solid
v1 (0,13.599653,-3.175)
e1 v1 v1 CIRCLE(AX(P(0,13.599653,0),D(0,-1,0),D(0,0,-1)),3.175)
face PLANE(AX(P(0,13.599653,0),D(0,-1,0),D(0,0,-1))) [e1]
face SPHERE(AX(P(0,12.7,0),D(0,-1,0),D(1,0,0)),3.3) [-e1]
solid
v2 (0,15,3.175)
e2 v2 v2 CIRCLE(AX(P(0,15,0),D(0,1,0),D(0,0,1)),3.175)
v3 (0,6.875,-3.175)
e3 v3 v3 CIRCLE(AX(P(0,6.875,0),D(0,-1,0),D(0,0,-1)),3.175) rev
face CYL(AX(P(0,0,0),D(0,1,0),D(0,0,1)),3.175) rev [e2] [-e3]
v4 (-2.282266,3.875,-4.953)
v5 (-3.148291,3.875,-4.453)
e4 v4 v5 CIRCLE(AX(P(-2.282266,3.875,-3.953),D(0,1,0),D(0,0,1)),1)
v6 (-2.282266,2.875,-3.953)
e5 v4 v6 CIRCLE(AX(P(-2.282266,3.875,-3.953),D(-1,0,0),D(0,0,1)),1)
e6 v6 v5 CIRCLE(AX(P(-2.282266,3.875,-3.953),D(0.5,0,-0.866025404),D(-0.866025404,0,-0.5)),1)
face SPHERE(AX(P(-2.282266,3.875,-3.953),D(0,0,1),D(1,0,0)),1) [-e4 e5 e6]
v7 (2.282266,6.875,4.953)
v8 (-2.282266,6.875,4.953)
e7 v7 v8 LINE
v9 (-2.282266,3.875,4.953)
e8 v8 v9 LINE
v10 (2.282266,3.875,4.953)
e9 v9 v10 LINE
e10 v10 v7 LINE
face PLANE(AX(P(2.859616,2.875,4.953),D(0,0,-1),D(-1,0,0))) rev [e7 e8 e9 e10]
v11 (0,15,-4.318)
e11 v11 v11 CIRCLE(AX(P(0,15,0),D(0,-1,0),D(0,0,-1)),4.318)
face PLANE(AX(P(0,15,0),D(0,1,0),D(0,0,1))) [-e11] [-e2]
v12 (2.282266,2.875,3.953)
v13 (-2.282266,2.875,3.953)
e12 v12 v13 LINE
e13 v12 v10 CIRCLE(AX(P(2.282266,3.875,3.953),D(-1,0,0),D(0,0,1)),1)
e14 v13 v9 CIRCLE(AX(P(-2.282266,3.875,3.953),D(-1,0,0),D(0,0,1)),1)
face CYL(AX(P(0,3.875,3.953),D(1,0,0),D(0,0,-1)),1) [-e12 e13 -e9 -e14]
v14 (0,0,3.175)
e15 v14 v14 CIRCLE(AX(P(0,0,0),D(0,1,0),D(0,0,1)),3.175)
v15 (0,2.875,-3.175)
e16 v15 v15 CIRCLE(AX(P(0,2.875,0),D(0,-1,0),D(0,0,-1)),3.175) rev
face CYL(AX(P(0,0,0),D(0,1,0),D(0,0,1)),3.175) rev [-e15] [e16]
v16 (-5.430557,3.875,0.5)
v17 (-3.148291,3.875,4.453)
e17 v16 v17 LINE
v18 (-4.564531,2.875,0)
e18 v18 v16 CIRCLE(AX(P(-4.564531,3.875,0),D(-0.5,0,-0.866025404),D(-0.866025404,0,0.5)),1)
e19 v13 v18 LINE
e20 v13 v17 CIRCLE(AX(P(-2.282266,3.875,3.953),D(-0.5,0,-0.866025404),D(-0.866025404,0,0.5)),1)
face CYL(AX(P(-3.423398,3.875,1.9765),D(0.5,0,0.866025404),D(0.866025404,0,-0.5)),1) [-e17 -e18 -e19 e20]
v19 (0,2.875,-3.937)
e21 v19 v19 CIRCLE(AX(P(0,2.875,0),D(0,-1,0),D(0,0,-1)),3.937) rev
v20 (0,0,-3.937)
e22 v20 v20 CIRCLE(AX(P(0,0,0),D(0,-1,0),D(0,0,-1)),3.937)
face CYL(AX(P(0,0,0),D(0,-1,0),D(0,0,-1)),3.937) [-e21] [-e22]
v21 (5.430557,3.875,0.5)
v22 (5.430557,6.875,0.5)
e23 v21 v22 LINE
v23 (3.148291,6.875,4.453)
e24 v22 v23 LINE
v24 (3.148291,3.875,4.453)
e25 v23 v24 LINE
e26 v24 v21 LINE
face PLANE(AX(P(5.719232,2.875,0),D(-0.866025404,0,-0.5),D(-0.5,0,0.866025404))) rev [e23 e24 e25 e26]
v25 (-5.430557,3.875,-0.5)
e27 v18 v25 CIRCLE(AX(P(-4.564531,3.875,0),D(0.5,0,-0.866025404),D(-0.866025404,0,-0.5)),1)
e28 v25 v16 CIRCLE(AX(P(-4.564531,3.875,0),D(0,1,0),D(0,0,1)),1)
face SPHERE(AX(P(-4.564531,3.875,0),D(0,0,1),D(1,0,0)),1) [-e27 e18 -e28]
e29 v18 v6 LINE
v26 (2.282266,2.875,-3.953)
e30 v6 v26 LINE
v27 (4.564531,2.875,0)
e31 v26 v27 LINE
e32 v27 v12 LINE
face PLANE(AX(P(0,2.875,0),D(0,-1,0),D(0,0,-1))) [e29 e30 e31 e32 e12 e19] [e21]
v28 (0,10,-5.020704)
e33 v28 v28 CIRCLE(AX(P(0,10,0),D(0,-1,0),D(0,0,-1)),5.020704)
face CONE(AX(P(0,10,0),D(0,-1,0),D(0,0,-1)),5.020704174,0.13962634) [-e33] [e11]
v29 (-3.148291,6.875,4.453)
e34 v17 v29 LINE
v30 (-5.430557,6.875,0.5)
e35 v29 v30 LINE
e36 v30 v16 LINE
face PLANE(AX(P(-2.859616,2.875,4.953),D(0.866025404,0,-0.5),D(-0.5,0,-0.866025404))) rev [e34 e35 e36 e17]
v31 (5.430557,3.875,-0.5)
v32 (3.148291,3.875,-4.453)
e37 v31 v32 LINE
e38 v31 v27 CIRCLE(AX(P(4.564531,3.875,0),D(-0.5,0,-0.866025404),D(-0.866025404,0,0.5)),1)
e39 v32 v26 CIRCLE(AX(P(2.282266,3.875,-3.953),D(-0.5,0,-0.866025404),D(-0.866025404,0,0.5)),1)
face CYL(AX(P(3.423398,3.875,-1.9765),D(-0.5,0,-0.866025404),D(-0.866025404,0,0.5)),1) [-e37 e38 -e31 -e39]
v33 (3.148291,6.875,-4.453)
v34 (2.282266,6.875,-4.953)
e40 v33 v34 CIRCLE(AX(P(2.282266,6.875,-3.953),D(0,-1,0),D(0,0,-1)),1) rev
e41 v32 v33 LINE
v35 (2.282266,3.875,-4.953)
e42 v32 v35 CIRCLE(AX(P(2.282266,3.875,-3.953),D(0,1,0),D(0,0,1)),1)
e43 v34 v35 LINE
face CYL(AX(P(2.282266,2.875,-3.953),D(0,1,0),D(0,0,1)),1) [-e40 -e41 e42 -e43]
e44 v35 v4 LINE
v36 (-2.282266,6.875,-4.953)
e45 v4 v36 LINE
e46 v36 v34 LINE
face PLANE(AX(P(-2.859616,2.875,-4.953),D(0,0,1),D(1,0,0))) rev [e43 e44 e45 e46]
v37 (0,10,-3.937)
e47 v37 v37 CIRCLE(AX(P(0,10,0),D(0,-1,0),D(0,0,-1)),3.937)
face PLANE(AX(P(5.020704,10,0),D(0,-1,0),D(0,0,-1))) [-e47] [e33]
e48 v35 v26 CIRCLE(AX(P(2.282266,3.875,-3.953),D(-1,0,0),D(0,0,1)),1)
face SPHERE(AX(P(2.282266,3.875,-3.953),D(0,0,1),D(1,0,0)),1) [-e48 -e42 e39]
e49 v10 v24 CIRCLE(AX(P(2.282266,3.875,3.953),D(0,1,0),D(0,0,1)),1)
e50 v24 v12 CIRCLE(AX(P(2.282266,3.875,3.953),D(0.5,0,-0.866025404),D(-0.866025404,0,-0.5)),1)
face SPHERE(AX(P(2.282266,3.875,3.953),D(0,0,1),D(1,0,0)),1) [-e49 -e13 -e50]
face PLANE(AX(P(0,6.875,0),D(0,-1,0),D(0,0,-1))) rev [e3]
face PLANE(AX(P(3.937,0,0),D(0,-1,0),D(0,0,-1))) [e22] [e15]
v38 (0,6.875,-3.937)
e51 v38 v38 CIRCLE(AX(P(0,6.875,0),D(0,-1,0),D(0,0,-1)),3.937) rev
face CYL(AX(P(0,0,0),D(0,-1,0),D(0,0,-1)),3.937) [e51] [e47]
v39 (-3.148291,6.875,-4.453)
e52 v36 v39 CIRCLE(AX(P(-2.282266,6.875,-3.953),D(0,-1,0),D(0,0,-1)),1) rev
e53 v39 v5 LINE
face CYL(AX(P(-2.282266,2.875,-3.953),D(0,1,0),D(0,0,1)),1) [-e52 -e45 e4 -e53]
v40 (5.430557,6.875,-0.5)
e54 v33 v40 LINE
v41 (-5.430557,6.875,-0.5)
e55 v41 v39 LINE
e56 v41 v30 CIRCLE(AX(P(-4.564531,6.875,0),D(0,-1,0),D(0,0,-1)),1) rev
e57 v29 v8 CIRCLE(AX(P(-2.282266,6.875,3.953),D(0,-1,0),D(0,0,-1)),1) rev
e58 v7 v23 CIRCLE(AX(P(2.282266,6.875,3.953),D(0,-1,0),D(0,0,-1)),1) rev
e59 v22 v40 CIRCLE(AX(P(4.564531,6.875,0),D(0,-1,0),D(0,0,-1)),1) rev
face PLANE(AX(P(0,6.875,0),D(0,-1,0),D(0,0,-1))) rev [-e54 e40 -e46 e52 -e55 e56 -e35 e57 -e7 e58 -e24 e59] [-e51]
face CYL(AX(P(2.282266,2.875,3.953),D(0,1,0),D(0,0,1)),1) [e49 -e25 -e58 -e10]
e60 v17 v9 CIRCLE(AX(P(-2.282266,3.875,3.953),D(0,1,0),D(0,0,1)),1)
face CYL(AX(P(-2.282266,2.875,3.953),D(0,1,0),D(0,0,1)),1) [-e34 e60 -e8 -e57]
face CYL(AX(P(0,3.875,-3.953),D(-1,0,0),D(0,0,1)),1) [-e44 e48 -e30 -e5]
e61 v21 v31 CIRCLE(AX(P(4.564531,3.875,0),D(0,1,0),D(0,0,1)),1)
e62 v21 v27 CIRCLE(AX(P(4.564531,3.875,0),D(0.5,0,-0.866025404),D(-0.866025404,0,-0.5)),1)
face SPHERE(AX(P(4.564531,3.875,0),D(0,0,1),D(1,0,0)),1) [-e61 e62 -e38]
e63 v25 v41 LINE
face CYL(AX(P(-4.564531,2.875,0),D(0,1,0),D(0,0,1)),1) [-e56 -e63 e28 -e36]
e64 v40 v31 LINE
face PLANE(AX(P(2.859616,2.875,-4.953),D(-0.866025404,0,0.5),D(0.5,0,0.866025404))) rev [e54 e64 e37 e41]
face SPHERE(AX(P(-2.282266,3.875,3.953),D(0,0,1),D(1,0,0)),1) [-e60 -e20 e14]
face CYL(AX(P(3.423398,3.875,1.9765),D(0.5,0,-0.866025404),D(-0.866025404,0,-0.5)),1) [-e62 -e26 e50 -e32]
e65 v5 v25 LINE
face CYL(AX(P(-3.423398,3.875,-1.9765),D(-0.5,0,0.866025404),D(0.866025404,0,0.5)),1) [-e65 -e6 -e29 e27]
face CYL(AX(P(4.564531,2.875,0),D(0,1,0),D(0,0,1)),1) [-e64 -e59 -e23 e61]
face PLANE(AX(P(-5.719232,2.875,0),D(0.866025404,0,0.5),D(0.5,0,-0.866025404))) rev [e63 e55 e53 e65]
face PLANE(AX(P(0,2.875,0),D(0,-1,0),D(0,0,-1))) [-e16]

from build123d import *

# Parameters (mm, degrees)
SKETCH2_R           = 3.175
CUT_EXTRUDE1_DEPTH  = 16
BOSS_EXTRUDE1_DEPTH = 4
FILLET1_R           = 1
FILLET2_R           = 1


with BuildPart() as part:
    # Sketch1 → Revolve1 (revolve)
    with BuildSketch(Plane.XY):
        Polygon((0, 0), (0, 15), (4.318, 15), (5.020704174, 10), (3.937, 10), (3.937, 0), align=None)
    revolve(axis=Axis((0, 0, 0), (0, 1, 0)))

    # Sketch2 → Cut-Extrude1 (cut, through all)
    with BuildSketch(Plane(origin=(0, 15, 0), x_dir=(1, 0, 0), z_dir=(0, 1, 0))):
        Circle(SKETCH2_R)
    extrude(amount=-CUT_EXTRUDE1_DEPTH, mode=Mode.SUBTRACT)

    # Sketch4 → Boss-Extrude1 (add)
    with BuildSketch(Plane(origin=(0, 6.875, 0), x_dir=(-1, 0, 0), z_dir=(0, -1, 0))):
        Polygon((5.719231767, 0), (2.859615883, 4.953), (-2.859615883, 4.953), (-5.719231767, 0), (-2.859615883, -4.953), (2.859615883, -4.953), align=None)
    extrude(amount=BOSS_EXTRUDE1_DEPTH)

    # Fillet1
    fillet1_edges = [part.edges().sort_by_distance(p)[0] for p in [
        (-2.859615883, 4.875, 4.953),
        (-5.719231767, 4.875, 0),
        (-2.859615883, 4.875, -4.953),
        (2.859615883, 4.875, -4.953),
        (5.719231767, 4.875, 0),
        (2.859615883, 4.875, 4.953),
    ]]
    fillet(fillet1_edges, radius=FILLET1_R)

    # Fillet2
    fillet2_edges = [part.edges().sort_by_distance(p)[0] for p in [
        (4.289423825, 2.875, 2.4765),
        (4.289423825, 2.875, -2.4765),
        (-4.289423825, 2.875, 2.4765),
        (-4.289423825, 2.875, -2.4765),
        (0, 2.875, -4.953),
        (0, 2.875, 4.953),
        (2.782265614, 2.875, 4.819025404),
        (-2.782265614, 2.875, 4.819025404),
        (-5.564531228, 2.875, 0),
        (-2.782265614, 2.875, -4.819025404),
        (2.782265614, 2.875, -4.819025404),
        (5.564531228, 2.875, 0),
    ]]
    fillet(fillet2_edges, radius=FILLET2_R)


with BuildPart() as body_2:
    # Sketch3 → Revolve2 (revolve)
    with BuildSketch(Plane.XY):
        with BuildLine():
            Line((0, 16), (0, 13.599652711))
            Line((0, 13.599652711), (3.175, 13.599652711))
            ThreePointArc((3.175, 13.599652711), (1.990118848, 15.332380476), (0, 16))
        make_face()
    revolve(axis=Axis((0, 0, 0), (0, 1, 0)))


solid = Compound([part.part, body_2.part])
